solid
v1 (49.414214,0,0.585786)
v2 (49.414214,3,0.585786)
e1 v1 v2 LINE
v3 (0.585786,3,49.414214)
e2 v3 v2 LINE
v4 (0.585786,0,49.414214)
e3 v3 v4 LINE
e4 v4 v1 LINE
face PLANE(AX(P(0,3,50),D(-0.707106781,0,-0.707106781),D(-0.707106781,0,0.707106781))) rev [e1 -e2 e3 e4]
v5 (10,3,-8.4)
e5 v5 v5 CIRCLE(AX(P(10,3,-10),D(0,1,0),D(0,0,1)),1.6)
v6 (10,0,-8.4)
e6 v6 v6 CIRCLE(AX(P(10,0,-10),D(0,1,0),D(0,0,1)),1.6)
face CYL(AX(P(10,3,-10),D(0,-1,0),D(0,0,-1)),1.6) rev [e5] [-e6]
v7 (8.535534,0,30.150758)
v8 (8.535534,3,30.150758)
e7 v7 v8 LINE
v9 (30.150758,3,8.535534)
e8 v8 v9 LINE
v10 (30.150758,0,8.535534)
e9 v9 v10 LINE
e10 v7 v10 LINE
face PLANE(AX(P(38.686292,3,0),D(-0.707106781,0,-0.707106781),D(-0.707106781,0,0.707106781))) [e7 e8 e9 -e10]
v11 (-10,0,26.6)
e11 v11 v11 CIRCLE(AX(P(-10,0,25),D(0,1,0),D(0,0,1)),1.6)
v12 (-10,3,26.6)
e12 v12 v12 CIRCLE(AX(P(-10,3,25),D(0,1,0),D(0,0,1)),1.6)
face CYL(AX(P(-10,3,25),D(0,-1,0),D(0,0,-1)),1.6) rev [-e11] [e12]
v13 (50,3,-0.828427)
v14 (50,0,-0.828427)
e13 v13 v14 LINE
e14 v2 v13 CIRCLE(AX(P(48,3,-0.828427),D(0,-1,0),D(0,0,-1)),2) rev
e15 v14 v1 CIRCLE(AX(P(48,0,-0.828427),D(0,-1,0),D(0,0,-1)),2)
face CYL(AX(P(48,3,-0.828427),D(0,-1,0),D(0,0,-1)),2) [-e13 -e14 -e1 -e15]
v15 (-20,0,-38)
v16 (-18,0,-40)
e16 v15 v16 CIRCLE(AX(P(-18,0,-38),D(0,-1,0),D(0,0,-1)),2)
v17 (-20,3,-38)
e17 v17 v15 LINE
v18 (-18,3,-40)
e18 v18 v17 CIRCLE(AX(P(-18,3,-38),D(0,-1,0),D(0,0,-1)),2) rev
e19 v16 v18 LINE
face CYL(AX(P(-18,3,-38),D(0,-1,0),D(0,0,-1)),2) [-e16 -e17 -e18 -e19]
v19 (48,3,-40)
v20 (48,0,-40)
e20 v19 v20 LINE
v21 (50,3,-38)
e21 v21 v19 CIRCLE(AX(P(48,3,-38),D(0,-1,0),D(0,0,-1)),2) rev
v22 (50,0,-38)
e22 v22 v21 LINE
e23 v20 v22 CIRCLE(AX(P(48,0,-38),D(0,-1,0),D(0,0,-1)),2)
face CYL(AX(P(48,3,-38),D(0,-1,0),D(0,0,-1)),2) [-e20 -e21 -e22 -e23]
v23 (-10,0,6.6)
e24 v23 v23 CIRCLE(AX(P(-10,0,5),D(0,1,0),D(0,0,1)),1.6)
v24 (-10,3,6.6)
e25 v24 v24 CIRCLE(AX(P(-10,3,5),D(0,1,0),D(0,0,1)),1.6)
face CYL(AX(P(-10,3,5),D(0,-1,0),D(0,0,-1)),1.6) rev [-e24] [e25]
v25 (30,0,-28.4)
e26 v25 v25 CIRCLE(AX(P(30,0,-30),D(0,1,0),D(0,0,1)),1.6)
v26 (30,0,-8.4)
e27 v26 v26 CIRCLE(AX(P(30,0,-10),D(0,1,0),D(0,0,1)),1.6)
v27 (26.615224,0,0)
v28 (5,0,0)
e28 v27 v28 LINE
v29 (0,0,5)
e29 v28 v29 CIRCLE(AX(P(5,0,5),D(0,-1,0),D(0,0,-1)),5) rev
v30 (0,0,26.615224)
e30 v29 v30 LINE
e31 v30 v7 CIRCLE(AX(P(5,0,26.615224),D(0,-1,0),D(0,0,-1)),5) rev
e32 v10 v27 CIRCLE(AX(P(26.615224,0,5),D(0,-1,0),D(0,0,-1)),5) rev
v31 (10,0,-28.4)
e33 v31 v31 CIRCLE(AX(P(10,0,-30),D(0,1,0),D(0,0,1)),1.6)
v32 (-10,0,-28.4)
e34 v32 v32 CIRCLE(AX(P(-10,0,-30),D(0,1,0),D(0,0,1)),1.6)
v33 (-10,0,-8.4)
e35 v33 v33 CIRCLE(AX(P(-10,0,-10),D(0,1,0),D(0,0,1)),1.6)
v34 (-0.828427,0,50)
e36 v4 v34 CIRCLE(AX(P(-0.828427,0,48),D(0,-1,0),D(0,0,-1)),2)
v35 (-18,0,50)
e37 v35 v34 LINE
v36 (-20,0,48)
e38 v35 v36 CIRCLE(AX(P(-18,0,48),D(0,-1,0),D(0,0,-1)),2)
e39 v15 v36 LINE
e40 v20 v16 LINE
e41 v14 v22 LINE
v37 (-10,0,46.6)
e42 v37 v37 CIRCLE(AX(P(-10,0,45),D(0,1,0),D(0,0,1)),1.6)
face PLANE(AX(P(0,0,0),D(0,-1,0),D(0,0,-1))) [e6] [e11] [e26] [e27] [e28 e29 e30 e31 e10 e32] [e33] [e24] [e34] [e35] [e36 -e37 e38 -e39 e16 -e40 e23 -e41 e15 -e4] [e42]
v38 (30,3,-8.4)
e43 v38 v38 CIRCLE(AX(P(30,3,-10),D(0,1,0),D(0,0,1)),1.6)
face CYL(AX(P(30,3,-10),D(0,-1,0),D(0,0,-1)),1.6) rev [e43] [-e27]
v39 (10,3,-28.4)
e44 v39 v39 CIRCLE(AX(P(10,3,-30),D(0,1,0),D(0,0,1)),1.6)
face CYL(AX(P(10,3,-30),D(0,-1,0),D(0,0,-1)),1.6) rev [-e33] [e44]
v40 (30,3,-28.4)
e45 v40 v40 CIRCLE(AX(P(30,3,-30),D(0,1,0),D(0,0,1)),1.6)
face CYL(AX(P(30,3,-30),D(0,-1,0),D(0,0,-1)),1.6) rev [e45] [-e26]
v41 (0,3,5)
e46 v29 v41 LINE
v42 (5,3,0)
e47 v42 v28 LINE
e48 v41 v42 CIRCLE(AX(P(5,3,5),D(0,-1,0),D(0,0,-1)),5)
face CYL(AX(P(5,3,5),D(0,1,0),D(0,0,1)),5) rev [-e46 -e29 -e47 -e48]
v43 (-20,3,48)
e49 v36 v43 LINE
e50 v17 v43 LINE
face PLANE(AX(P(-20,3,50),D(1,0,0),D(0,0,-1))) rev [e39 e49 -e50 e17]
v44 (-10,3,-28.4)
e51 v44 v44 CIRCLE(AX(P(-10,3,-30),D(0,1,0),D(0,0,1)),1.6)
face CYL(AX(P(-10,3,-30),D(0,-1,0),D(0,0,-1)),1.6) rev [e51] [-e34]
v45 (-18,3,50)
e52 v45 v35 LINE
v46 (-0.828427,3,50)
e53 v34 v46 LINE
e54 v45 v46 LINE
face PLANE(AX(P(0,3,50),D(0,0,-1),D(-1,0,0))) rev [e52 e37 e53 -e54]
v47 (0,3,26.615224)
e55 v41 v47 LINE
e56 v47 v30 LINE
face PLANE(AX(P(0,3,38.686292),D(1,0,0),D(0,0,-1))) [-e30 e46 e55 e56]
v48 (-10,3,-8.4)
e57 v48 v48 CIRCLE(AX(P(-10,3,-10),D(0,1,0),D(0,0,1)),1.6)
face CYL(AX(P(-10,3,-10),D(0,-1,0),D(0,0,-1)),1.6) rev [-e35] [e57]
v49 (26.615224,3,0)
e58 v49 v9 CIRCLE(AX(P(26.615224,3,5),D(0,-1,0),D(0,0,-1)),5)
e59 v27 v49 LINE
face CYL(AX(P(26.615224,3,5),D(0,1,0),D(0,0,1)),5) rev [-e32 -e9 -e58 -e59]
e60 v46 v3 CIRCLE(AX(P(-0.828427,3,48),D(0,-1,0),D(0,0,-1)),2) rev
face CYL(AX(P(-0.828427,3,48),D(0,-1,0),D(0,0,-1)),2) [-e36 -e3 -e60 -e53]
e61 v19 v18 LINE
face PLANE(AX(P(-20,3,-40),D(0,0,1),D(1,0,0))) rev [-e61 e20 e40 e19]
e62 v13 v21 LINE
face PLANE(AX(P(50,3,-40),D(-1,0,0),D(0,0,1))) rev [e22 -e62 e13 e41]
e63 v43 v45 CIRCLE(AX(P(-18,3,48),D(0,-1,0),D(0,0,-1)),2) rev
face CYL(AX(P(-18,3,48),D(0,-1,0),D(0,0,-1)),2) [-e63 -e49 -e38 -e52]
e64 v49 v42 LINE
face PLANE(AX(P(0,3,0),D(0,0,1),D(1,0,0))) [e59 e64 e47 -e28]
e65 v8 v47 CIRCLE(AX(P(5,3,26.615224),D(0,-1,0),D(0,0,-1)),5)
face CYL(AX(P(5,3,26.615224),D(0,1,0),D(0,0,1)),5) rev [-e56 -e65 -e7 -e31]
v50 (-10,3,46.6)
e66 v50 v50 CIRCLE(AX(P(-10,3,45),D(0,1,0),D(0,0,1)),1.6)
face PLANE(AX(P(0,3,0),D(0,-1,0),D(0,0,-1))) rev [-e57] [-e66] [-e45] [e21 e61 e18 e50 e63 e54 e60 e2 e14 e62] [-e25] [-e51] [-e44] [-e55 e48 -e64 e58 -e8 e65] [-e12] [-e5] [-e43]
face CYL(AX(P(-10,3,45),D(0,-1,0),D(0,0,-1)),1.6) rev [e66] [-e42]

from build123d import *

# Parameters (mm, degrees)
SKETCH_1_R      = 1.6
EXTRUDE_1_DEPTH = 3
FILLET_1_R      = 2
FILLET_2_R      = 5


with BuildPart() as part:
    # 草图1 → 凸台-拉伸1 (new body)
    with BuildSketch(Plane(origin=(0, 0, 0), x_dir=(1, 0, 0), z_dir=(0, 1, 0))):
        Polygon((0, -50), (-20, -50), (-20, 40), (50, 40), (50, 0), align=None)
        with Locations(Location((-10, -5, 0), (0, 0, 270))):
            Circle(SKETCH_1_R, mode=Mode.SUBTRACT)
        with Locations(Location((-10, -25, 0), (0, 0, 270))):
            Circle(SKETCH_1_R, mode=Mode.SUBTRACT)
        with Locations(Location((-10, -45, 0), (0, 0, 270))):
            Circle(SKETCH_1_R, mode=Mode.SUBTRACT)
        with Locations(Location((-10, 10, 0), (0, 0, 270))):
            Circle(SKETCH_1_R, mode=Mode.SUBTRACT)
        with Locations(Location((-10, 30, 0), (0, 0, 270))):
            Circle(SKETCH_1_R, mode=Mode.SUBTRACT)
        with Locations(Location((10, 30, 0), (0, 0, 270))):
            Circle(SKETCH_1_R, mode=Mode.SUBTRACT)
        with Locations(Location((10, 10, 0), (0, 0, 270))):
            Circle(SKETCH_1_R, mode=Mode.SUBTRACT)
        with Locations(Location((30, 30, 0), (0, 0, 270))):
            Circle(SKETCH_1_R, mode=Mode.SUBTRACT)
        with Locations(Location((30, 10, 0), (0, 0, 270))):
            Circle(SKETCH_1_R, mode=Mode.SUBTRACT)
        Polygon((0, -38.686291501), (0, 0), (38.686291501, 0), align=None, mode=Mode.SUBTRACT)
    extrude(amount=EXTRUDE_1_DEPTH)

    # 圆角1
    fillet_1_edges = [part.edges().sort_by_distance(p)[0] for p in [
        (0, 1.5, 50),
        (-20, 1.5, 50),
        (-20, 1.5, -40),
        (50, 1.5, -40),
        (50, 1.5, 0),
    ]]
    fillet(fillet_1_edges, radius=FILLET_1_R)

    # 圆角2
    fillet_2_edges = [part.edges().sort_by_distance(p)[0] for p in [
        (38.686291501, 1.5, 0),
        (0, 1.5, 0),
        (0, 1.5, 38.686291501),
    ]]
    fillet(fillet_2_edges, radius=FILLET_2_R)


solid = part.part
